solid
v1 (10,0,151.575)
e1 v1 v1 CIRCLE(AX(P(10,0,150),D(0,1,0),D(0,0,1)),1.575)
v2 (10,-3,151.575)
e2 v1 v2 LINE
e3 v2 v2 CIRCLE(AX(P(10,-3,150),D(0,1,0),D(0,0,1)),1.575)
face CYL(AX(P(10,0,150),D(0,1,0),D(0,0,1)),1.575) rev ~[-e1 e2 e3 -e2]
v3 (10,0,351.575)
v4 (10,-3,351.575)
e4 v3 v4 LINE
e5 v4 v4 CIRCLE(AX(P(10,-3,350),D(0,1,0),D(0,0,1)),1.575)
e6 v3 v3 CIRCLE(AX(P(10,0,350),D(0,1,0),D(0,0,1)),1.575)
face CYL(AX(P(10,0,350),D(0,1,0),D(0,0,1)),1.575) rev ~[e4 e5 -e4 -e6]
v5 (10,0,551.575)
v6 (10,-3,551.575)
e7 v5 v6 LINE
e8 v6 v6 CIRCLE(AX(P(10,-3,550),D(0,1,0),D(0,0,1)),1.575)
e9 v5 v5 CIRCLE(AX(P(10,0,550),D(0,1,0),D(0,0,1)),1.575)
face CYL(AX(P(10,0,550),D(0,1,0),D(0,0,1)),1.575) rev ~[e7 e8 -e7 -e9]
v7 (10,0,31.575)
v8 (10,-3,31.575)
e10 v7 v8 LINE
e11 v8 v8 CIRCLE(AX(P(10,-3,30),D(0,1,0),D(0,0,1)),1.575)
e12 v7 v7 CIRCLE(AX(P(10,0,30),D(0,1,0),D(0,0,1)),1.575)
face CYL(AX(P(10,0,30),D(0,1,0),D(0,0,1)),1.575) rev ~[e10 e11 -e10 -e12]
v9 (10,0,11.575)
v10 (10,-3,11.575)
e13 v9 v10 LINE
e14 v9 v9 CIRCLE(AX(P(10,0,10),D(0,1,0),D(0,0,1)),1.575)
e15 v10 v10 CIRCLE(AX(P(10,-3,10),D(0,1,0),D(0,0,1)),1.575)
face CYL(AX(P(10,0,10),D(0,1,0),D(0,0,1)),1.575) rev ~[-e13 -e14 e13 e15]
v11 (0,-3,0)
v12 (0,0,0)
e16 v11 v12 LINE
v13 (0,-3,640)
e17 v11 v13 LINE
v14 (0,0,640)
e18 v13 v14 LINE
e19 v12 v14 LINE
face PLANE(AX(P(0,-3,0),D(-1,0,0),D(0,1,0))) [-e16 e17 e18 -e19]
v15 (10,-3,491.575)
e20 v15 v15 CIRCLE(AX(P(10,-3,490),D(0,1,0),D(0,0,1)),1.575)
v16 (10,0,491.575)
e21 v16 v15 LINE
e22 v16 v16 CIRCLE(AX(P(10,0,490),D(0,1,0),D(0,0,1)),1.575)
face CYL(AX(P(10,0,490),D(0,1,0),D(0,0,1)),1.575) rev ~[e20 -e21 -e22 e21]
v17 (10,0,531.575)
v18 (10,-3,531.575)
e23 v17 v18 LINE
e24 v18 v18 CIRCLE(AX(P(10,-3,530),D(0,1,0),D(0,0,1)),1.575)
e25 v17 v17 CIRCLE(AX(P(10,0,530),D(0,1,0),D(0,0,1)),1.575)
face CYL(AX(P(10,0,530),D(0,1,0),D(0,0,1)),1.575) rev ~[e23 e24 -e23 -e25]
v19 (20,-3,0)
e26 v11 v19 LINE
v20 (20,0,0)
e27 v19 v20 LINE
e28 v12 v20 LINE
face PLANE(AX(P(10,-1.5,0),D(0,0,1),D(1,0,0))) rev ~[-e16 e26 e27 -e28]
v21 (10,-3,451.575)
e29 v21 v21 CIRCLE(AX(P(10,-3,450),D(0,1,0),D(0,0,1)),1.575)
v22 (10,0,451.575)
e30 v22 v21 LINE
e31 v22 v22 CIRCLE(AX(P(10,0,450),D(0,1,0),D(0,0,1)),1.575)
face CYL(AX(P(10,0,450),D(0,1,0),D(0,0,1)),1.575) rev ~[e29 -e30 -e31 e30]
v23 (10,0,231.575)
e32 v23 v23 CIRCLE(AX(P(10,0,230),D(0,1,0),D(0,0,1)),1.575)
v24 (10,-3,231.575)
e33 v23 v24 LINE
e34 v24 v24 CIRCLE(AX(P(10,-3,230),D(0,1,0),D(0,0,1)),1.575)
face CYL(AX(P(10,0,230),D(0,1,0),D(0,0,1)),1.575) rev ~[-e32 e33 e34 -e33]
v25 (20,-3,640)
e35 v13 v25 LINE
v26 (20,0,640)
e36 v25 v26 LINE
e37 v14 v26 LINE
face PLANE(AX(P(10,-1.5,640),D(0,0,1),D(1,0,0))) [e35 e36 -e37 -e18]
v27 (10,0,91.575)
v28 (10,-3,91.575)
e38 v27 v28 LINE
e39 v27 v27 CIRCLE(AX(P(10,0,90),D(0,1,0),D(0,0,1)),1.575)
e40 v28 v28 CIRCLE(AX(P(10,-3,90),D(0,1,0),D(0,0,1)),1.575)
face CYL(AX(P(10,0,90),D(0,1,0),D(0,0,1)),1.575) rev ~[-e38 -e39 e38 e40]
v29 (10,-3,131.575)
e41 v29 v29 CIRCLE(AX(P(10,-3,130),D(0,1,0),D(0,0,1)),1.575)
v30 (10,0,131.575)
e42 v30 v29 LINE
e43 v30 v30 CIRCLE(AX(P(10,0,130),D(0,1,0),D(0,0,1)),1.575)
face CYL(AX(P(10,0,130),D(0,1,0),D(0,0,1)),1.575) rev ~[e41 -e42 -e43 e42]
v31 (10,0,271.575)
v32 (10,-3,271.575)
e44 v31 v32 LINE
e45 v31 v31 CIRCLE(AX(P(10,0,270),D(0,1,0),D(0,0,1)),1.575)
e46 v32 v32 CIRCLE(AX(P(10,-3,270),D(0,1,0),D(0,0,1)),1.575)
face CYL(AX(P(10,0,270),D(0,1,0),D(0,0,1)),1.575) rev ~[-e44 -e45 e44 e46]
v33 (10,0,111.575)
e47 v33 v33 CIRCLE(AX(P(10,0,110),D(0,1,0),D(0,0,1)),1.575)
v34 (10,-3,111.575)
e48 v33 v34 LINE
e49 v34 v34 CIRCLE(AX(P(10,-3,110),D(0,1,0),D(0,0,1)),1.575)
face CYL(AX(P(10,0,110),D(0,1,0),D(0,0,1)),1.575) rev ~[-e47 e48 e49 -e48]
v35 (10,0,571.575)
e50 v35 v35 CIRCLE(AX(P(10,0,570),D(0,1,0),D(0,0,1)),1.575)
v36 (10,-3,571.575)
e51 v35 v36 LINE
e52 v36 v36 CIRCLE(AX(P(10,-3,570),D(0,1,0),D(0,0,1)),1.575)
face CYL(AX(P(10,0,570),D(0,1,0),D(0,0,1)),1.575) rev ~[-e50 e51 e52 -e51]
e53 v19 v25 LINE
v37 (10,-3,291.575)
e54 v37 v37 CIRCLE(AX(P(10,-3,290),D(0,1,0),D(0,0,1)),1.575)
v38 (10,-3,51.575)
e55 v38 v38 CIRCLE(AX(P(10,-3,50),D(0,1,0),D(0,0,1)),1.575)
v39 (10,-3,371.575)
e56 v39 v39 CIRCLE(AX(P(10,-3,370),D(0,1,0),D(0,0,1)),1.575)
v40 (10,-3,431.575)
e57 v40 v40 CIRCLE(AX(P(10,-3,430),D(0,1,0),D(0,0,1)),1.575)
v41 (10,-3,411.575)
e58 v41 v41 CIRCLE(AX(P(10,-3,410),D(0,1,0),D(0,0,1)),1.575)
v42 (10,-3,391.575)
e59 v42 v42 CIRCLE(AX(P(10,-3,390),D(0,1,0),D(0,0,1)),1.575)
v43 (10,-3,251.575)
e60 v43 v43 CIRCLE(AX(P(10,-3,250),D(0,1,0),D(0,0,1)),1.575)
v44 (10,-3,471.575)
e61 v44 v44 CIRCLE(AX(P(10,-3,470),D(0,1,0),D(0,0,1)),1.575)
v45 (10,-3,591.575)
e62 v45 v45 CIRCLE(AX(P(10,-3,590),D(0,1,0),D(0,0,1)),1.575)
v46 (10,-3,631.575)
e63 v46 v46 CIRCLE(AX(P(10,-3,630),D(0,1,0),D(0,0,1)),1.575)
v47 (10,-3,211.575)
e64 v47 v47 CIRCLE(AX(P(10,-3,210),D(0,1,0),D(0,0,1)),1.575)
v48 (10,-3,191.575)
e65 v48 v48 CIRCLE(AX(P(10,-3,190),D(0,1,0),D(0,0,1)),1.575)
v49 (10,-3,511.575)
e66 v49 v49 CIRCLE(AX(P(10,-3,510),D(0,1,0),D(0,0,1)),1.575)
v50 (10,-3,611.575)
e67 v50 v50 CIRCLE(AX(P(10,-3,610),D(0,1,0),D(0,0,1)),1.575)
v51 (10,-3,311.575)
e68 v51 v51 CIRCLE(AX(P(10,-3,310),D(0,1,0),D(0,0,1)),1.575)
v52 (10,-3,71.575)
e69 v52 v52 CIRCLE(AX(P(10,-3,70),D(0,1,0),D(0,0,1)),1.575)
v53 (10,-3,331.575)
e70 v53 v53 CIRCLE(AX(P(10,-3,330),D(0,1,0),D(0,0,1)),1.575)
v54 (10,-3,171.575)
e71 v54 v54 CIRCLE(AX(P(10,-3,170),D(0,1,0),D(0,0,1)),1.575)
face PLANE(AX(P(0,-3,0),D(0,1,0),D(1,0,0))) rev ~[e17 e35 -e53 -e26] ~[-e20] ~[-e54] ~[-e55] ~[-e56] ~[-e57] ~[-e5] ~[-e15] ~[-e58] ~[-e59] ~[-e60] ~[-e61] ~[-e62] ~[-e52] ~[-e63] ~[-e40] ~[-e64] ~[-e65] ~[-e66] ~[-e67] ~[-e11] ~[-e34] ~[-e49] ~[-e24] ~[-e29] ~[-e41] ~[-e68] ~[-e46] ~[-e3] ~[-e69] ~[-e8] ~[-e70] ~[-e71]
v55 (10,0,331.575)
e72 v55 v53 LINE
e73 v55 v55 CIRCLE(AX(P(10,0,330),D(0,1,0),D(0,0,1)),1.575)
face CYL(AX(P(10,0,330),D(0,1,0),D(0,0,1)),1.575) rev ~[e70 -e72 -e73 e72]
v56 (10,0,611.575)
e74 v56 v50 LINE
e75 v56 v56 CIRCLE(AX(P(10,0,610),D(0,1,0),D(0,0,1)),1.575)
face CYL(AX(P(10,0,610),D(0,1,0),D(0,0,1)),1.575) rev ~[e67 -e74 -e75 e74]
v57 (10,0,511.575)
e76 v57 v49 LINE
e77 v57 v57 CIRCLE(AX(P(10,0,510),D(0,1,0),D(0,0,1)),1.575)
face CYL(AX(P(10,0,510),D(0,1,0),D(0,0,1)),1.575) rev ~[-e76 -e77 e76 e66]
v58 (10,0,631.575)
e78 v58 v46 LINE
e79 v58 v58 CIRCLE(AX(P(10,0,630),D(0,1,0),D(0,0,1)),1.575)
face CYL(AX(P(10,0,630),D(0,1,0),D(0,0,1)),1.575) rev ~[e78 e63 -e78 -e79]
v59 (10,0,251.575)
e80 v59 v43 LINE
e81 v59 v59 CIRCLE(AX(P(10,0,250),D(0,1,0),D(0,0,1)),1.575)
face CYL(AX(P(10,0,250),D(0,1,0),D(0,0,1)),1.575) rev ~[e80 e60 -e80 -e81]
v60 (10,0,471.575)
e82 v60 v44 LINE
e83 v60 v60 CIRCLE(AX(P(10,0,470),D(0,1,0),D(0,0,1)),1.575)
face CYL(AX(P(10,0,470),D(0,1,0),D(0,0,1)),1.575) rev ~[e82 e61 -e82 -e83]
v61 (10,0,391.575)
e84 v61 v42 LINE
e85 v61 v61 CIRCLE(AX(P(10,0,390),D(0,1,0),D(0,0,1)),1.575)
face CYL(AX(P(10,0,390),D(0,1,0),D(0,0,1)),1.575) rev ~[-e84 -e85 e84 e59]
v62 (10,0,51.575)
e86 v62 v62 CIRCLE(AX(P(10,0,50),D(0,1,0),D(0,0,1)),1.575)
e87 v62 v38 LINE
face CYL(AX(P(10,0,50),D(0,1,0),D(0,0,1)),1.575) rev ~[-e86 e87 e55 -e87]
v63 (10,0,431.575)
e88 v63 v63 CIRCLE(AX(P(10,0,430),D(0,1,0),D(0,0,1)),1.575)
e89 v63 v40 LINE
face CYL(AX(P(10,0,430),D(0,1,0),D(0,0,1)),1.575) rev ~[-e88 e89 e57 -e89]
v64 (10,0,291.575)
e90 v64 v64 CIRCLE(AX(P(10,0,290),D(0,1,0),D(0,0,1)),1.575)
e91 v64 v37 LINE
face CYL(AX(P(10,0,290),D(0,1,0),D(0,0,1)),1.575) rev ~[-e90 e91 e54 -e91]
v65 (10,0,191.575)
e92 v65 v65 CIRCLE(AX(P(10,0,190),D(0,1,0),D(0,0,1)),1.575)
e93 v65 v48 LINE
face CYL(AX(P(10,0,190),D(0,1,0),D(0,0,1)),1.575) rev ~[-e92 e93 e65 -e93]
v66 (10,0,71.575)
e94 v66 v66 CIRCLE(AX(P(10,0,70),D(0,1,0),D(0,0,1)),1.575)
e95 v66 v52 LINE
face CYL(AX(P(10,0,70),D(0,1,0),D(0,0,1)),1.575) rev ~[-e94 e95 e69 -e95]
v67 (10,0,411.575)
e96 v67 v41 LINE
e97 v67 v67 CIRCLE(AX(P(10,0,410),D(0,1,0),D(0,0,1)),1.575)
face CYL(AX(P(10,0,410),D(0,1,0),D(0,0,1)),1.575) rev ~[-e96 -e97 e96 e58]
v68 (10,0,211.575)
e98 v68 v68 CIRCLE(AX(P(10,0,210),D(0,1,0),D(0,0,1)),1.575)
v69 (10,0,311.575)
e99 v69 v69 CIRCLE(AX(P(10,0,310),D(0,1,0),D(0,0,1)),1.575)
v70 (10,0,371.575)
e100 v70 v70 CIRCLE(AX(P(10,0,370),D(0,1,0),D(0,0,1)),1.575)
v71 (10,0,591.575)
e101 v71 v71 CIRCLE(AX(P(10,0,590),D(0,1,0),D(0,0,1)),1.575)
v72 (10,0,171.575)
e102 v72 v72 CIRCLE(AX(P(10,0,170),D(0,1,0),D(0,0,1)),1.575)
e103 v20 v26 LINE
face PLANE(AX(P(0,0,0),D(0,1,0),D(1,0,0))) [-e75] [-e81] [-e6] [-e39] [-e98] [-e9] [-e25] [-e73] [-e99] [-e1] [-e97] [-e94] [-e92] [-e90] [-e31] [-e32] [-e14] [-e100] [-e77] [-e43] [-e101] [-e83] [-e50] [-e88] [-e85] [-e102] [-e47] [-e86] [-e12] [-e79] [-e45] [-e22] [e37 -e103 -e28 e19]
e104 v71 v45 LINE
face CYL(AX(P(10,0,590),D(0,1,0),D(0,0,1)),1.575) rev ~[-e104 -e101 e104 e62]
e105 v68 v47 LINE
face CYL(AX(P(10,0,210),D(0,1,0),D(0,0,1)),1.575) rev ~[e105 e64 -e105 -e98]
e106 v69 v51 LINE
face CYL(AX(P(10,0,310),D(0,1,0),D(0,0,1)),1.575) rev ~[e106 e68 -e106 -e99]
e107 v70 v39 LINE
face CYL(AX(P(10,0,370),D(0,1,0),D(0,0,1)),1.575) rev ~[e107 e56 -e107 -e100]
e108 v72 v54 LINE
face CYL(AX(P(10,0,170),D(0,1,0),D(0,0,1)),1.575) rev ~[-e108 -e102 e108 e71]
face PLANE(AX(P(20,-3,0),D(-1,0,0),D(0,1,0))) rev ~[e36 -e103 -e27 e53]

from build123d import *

# Parameters (mm, degrees)
SKETCH_1_W          = 20
SKETCH_1_H          = 3
EXTRUDE_1_DEPTH     = 640
SKETCH_2_R          = 1.575
CUT_EXTRUDE_1_DEPTH = 641.319451524


with BuildPart() as part:
    # 草图1 → 凸台-拉伸1 (new body)
    with BuildSketch(Plane.XY):
        with Locations((10, -1.5)):
            Rectangle(SKETCH_1_W, SKETCH_1_H)
    extrude(amount=EXTRUDE_1_DEPTH)

    # 草图2 → 切除-拉伸1 (cut, through all)
    with BuildSketch(Plane(origin=(0, 0, 0), x_dir=(1, 0, 0), z_dir=(0, 1, 0))):
        with Locations(Location((10, -10, 0), (0, 0, 270))):
            Circle(SKETCH_2_R)
        with Locations(Location((10, -30, 0), (0, 0, 270))):
            Circle(SKETCH_2_R)
        with Locations(Location((10, -50, 0), (0, 0, 270))):
            Circle(SKETCH_2_R)
        with Locations(Location((10, -70, 0), (0, 0, 270))):
            Circle(SKETCH_2_R)
        with Locations(Location((10, -90, 0), (0, 0, 270))):
            Circle(SKETCH_2_R)
        with Locations(Location((10, -110, 0), (0, 0, 270))):
            Circle(SKETCH_2_R)
        with Locations(Location((10, -130, 0), (0, 0, 270))):
            Circle(SKETCH_2_R)
        with Locations(Location((10, -150, 0), (0, 0, 270))):
            Circle(SKETCH_2_R)
        with Locations(Location((10, -170, 0), (0, 0, 270))):
            Circle(SKETCH_2_R)
        with Locations(Location((10, -190, 0), (0, 0, 270))):
            Circle(SKETCH_2_R)
        with Locations(Location((10, -210, 0), (0, 0, 270))):
            Circle(SKETCH_2_R)
        with Locations(Location((10, -230, 0), (0, 0, 270))):
            Circle(SKETCH_2_R)
        with Locations(Location((10, -250, 0), (0, 0, 270))):
            Circle(SKETCH_2_R)
        with Locations(Location((10, -270, 0), (0, 0, 270))):
            Circle(SKETCH_2_R)
        with Locations(Location((10, -290, 0), (0, 0, 270))):
            Circle(SKETCH_2_R)
        with Locations(Location((10, -310, 0), (0, 0, 270))):
            Circle(SKETCH_2_R)
        with Locations(Location((10, -330, 0), (0, 0, 270))):
            Circle(SKETCH_2_R)
        with Locations(Location((10, -350, 0), (0, 0, 270))):
            Circle(SKETCH_2_R)
        with Locations(Location((10, -370, 0), (0, 0, 270))):
            Circle(SKETCH_2_R)
        with Locations(Location((10, -390, 0), (0, 0, 270))):
            Circle(SKETCH_2_R)
        with Locations(Location((10, -410, 0), (0, 0, 270))):
            Circle(SKETCH_2_R)
        with Locations(Location((10, -430, 0), (0, 0, 270))):
            Circle(SKETCH_2_R)
        with Locations(Location((10, -450, 0), (0, 0, 270))):
            Circle(SKETCH_2_R)
        with Locations(Location((10, -470, 0), (0, 0, 270))):
            Circle(SKETCH_2_R)
        with Locations(Location((10, -490, 0), (0, 0, 270))):
            Circle(SKETCH_2_R)
        with Locations(Location((10, -510, 0), (0, 0, 270))):
            Circle(SKETCH_2_R)
        with Locations(Location((10, -530, 0), (0, 0, 270))):
            Circle(SKETCH_2_R)
        with Locations(Location((10, -550, 0), (0, 0, 270))):
            Circle(SKETCH_2_R)
        with Locations(Location((10, -570, 0), (0, 0, 270))):
            Circle(SKETCH_2_R)
        with Locations(Location((10, -590, 0), (0, 0, 270))):
            Circle(SKETCH_2_R)
        with Locations(Location((10, -610, 0), (0, 0, 270))):
            Circle(SKETCH_2_R)
        with Locations(Location((10, -630, 0), (0, 0, 270))):
            Circle(SKETCH_2_R)
    extrude(amount=-CUT_EXTRUDE_1_DEPTH, mode=Mode.SUBTRACT)


solid = part.part
